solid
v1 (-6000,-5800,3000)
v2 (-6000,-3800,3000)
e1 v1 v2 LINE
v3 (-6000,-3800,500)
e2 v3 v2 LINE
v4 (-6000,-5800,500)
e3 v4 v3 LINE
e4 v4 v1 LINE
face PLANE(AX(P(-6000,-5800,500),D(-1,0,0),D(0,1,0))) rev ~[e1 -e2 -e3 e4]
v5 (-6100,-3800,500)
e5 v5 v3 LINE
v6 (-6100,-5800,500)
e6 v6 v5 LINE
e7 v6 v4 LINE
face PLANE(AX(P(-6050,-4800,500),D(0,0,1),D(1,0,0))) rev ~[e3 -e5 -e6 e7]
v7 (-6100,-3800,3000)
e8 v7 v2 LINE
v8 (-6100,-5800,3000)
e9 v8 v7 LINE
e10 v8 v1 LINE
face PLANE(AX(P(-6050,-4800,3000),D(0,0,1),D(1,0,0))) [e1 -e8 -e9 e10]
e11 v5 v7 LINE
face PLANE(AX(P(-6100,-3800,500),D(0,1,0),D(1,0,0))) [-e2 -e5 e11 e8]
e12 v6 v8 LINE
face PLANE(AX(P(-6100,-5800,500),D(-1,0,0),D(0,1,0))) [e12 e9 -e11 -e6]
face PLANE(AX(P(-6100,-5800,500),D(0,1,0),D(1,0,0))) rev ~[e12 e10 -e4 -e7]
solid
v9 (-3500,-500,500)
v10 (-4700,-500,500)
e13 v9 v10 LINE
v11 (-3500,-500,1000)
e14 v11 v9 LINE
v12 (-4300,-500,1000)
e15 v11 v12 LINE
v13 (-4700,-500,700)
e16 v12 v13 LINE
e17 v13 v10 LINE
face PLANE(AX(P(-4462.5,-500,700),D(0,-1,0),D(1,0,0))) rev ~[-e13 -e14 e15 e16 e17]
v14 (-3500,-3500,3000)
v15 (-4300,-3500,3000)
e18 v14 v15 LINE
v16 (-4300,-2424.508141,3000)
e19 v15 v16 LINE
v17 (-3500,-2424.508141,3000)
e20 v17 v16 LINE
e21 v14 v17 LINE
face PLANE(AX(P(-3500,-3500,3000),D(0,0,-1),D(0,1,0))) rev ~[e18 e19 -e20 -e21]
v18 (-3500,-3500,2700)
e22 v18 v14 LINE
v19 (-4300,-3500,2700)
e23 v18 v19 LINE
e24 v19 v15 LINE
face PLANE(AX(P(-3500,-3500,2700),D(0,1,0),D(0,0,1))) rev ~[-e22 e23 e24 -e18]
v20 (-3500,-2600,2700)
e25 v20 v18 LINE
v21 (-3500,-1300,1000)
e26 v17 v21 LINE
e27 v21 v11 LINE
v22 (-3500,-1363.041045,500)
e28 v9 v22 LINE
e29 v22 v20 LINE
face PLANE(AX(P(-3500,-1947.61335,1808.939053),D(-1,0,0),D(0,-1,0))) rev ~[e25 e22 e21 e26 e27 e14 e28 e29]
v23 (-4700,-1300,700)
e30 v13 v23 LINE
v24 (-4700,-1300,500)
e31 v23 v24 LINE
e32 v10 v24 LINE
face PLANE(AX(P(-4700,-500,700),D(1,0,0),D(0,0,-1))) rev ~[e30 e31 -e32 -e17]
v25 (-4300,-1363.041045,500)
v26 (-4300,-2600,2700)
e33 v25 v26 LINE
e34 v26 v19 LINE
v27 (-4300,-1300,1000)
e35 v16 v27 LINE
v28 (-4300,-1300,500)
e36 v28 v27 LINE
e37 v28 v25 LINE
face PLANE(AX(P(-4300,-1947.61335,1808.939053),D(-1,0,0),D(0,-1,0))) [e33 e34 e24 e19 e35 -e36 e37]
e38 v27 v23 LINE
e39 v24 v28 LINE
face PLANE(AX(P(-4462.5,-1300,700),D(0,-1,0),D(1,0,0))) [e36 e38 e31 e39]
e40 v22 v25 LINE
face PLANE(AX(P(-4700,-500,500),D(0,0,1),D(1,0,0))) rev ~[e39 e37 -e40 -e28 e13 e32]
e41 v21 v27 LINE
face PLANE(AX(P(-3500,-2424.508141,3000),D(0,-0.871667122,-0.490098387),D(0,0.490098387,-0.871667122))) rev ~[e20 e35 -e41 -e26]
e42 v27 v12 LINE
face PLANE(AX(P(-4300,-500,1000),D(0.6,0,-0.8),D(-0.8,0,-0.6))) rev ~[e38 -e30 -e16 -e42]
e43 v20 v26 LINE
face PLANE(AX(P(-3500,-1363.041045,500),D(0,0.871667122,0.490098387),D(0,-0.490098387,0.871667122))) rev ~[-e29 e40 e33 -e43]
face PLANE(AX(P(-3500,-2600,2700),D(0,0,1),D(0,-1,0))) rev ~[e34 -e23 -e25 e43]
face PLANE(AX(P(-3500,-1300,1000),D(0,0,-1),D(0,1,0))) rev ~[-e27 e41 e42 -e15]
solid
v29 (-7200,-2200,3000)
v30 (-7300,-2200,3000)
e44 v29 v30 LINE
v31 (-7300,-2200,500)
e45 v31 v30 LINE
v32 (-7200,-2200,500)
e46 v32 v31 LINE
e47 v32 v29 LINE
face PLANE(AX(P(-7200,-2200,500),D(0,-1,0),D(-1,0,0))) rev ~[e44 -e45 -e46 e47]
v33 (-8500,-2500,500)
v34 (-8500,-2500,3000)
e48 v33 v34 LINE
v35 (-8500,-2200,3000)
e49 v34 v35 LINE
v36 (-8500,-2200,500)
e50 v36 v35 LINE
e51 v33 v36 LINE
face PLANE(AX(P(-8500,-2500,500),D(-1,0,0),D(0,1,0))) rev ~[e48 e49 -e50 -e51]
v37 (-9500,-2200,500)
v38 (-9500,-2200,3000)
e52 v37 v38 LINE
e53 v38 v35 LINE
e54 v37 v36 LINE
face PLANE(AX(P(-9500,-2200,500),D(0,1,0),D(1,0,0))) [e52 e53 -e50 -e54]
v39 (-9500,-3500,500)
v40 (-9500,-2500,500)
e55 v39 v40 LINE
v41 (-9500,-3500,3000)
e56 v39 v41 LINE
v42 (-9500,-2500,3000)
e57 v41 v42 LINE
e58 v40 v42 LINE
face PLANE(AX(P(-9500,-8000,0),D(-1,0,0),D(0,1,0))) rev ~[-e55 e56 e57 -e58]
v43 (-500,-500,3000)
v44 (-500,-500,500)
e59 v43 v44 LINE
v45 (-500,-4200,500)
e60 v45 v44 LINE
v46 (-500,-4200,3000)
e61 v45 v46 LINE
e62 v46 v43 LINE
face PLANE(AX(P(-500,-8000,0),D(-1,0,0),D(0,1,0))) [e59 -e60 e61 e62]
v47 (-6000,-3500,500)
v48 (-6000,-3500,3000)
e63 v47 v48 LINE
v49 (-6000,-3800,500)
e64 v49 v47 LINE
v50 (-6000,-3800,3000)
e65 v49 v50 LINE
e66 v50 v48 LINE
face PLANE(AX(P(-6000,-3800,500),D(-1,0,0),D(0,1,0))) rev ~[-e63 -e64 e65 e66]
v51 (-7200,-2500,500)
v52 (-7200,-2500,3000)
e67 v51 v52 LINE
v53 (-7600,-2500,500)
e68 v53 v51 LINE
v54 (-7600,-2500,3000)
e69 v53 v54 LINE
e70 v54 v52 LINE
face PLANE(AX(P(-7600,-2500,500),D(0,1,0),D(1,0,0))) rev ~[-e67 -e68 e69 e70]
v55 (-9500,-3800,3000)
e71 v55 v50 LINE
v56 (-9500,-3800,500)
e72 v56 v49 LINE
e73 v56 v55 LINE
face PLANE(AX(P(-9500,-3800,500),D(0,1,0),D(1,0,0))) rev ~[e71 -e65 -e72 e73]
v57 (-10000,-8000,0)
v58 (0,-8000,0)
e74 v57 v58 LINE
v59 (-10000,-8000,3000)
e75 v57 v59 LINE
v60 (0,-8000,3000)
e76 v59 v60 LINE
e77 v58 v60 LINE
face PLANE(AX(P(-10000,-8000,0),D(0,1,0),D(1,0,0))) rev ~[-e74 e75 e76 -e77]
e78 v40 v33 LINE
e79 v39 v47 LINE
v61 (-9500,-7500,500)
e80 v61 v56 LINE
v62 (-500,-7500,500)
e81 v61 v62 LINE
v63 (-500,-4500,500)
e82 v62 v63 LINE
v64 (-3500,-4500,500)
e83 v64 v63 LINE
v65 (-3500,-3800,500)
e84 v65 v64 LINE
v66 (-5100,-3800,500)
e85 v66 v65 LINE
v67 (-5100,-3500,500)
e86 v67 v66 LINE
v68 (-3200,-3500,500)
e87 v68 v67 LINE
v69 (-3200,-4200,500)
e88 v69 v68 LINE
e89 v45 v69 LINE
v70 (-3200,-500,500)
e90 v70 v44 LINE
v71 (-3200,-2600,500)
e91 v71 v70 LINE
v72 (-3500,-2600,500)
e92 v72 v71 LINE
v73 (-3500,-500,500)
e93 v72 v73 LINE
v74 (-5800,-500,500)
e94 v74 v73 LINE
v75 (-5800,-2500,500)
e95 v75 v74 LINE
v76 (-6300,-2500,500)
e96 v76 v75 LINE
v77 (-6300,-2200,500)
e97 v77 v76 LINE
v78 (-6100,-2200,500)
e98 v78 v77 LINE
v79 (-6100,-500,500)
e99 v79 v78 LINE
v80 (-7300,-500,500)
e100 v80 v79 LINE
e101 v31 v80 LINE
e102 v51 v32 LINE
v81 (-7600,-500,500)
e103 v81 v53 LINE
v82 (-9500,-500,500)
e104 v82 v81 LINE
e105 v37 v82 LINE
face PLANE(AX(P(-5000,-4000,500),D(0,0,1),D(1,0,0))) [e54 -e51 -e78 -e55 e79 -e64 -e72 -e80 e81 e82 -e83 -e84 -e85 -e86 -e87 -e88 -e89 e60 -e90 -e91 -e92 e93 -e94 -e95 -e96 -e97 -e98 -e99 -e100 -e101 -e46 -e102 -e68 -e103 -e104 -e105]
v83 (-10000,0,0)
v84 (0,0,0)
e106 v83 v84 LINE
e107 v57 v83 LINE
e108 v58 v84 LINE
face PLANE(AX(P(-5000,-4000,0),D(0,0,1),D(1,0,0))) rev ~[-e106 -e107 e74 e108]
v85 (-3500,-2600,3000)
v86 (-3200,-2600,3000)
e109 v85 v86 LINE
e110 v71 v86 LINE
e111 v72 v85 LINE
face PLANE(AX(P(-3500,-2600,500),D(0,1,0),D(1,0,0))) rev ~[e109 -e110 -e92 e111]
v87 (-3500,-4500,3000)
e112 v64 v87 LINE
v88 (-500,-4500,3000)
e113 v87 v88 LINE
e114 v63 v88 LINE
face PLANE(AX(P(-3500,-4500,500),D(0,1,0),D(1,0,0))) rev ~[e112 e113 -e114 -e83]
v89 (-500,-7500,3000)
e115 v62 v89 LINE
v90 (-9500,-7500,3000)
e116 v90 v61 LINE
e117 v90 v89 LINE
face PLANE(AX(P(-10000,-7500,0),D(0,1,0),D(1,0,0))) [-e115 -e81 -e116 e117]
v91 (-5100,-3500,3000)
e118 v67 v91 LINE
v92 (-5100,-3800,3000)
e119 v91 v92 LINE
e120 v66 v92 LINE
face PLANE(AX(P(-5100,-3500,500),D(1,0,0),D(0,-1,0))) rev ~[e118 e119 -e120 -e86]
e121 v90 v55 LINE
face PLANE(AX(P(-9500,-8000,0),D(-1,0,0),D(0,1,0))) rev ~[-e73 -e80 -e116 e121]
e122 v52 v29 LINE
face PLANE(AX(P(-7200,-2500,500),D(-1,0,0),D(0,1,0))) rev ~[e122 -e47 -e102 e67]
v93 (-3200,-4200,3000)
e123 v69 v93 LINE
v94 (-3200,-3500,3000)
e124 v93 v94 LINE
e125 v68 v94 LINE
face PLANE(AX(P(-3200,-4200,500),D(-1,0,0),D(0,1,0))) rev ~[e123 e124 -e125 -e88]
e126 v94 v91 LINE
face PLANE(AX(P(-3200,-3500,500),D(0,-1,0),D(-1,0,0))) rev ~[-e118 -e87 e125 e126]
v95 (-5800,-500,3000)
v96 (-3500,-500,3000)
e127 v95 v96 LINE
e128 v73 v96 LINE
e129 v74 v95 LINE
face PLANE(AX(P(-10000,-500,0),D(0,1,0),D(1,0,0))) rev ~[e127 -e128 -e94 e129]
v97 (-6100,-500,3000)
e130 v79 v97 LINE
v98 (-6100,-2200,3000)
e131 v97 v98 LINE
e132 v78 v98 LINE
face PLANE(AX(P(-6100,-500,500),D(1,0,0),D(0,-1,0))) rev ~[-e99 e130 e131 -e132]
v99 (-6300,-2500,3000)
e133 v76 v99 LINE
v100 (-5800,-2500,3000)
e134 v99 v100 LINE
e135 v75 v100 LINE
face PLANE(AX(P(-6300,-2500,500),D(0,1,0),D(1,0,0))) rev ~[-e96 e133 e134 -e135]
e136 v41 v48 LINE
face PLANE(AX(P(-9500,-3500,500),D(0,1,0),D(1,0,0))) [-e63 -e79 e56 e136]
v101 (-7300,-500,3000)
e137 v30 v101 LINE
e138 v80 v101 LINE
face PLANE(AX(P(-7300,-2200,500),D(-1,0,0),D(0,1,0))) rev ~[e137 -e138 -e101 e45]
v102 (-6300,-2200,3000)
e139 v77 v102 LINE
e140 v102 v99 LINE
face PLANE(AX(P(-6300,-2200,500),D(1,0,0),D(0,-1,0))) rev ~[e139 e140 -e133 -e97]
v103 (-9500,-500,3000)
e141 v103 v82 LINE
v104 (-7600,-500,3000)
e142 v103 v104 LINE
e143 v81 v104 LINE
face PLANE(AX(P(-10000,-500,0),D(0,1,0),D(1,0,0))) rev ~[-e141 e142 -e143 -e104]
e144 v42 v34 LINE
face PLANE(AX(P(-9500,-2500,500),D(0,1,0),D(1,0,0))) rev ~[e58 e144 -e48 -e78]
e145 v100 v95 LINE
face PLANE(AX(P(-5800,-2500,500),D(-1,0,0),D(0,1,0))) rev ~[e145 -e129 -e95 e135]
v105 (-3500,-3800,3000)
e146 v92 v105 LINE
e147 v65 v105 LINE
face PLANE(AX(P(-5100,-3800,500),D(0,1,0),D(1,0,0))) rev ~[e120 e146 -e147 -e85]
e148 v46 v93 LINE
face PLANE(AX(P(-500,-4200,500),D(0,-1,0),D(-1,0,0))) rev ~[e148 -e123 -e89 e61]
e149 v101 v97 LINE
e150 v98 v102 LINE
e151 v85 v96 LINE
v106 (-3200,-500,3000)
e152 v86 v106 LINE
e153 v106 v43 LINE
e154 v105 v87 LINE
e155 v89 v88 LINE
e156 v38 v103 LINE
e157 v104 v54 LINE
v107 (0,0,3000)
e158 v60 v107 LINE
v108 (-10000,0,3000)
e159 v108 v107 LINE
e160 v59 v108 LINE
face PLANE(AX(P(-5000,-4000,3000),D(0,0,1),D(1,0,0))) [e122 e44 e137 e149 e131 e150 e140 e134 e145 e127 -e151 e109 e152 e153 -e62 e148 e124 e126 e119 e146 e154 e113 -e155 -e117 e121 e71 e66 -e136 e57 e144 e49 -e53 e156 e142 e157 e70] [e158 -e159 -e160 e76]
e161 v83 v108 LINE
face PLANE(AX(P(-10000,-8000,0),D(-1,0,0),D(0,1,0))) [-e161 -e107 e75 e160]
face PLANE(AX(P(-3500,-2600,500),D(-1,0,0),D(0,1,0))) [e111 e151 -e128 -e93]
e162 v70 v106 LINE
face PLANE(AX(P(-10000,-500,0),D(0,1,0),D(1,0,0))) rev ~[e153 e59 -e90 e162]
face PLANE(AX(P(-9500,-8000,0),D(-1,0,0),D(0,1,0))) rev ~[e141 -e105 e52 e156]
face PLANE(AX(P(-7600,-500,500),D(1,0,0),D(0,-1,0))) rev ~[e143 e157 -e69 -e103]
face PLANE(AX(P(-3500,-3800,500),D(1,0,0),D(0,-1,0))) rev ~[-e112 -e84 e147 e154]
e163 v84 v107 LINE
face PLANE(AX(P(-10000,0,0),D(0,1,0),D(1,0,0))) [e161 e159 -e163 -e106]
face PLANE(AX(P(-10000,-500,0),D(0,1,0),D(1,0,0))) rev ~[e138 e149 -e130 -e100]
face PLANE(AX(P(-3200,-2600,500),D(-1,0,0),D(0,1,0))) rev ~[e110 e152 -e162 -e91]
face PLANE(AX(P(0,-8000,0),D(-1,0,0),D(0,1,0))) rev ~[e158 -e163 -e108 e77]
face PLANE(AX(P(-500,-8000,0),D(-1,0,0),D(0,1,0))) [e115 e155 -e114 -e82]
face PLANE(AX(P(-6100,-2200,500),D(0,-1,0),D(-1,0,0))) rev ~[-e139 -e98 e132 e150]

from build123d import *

# Parameters (mm, degrees)
F0_W      = 10000
F0_H      = 8000
F1_DEPTH  = 3000
F2_T      = -500
F3_W      = 3500
F3_H      = 300
F3_W_2    = 300
F3_H_2    = 2100
F3_W_3    = 1000
F4_DEPTH  = 2500
F5_W      = 100
F5_H      = 2000
F6_DEPTH  = 2500
F8_DEPTH  = 800
F10_DEPTH = 800


with BuildPart() as f1:
    # F0 (on Top) → F1 (new body)
    with BuildSketch(Plane.XY):
        with Locations((-5000, -4000)):
            Rectangle(F0_W, F0_H)
    extrude(amount=F1_DEPTH)

    # F2
    f2_openings = [f1.faces().sort_by_distance(p)[0] for p in [
        (-5000, -4000, 3000),
    ]]
    offset(amount=F2_T, openings=f2_openings)

    # F3 (on face) → F4 (join, through all)
    with BuildSketch(Plane.XY.offset(500)):
        with Locations((-7750, -3650)):
            Rectangle(F3_W, F3_H)
        Polygon((-3500, -4500), (-500, -4500), (-500, -4200), (-3200, -4200), (-3200, -3500), (-5100, -3500), (-5100, -3800), (-3500, -3800), align=None)
        with Locations((-3350, -1550)):
            Rectangle(F3_W_2, F3_H_2)
        Polygon((-7300, -500), (-7600, -500), (-7600, -2500), (-7200, -2500), (-7200, -2200), (-7300, -2200), align=None)
        with Locations((-9000, -2350)):
            Rectangle(F3_W_3, F3_H)
        Polygon((-5800, -500), (-6100, -500), (-6100, -2200), (-6300, -2200), (-6300, -2500), (-5800, -2500), align=None)
    extrude(amount=F4_DEPTH)


with BuildPart() as f6:
    # F5 (on face) → F6 (new body, through all)
    with BuildSketch(Plane.XY.offset(500)):
        with Locations((-6050, -4800)):
            Rectangle(F5_W, F5_H)
    extrude(amount=F6_DEPTH)


with BuildPart() as f8:
    # F7 (on face) → F8 (new body)
    with BuildSketch(Plane(origin=(-3500, 0, 0), x_dir=(0, -1, 0), z_dir=(-1, 0, 0))):
        Polygon((500, 1000), (500, 500), (1363.0410452241, 500), (2600, 2700), (3500, 2700), (3500, 3000), (2424.5081407053, 3000), (1300, 1000), align=None)
    extrude(amount=F8_DEPTH)

    # F9 (on face) → F10 (join)
    with BuildSketch(Plane.XZ.offset(500)):
        Polygon((-4300, 500), (-4300, 1000), (-4700, 700), (-4700, 500), align=None)
    extrude(amount=F10_DEPTH)


solid = Compound([f1.part, f6.part, f8.part])
